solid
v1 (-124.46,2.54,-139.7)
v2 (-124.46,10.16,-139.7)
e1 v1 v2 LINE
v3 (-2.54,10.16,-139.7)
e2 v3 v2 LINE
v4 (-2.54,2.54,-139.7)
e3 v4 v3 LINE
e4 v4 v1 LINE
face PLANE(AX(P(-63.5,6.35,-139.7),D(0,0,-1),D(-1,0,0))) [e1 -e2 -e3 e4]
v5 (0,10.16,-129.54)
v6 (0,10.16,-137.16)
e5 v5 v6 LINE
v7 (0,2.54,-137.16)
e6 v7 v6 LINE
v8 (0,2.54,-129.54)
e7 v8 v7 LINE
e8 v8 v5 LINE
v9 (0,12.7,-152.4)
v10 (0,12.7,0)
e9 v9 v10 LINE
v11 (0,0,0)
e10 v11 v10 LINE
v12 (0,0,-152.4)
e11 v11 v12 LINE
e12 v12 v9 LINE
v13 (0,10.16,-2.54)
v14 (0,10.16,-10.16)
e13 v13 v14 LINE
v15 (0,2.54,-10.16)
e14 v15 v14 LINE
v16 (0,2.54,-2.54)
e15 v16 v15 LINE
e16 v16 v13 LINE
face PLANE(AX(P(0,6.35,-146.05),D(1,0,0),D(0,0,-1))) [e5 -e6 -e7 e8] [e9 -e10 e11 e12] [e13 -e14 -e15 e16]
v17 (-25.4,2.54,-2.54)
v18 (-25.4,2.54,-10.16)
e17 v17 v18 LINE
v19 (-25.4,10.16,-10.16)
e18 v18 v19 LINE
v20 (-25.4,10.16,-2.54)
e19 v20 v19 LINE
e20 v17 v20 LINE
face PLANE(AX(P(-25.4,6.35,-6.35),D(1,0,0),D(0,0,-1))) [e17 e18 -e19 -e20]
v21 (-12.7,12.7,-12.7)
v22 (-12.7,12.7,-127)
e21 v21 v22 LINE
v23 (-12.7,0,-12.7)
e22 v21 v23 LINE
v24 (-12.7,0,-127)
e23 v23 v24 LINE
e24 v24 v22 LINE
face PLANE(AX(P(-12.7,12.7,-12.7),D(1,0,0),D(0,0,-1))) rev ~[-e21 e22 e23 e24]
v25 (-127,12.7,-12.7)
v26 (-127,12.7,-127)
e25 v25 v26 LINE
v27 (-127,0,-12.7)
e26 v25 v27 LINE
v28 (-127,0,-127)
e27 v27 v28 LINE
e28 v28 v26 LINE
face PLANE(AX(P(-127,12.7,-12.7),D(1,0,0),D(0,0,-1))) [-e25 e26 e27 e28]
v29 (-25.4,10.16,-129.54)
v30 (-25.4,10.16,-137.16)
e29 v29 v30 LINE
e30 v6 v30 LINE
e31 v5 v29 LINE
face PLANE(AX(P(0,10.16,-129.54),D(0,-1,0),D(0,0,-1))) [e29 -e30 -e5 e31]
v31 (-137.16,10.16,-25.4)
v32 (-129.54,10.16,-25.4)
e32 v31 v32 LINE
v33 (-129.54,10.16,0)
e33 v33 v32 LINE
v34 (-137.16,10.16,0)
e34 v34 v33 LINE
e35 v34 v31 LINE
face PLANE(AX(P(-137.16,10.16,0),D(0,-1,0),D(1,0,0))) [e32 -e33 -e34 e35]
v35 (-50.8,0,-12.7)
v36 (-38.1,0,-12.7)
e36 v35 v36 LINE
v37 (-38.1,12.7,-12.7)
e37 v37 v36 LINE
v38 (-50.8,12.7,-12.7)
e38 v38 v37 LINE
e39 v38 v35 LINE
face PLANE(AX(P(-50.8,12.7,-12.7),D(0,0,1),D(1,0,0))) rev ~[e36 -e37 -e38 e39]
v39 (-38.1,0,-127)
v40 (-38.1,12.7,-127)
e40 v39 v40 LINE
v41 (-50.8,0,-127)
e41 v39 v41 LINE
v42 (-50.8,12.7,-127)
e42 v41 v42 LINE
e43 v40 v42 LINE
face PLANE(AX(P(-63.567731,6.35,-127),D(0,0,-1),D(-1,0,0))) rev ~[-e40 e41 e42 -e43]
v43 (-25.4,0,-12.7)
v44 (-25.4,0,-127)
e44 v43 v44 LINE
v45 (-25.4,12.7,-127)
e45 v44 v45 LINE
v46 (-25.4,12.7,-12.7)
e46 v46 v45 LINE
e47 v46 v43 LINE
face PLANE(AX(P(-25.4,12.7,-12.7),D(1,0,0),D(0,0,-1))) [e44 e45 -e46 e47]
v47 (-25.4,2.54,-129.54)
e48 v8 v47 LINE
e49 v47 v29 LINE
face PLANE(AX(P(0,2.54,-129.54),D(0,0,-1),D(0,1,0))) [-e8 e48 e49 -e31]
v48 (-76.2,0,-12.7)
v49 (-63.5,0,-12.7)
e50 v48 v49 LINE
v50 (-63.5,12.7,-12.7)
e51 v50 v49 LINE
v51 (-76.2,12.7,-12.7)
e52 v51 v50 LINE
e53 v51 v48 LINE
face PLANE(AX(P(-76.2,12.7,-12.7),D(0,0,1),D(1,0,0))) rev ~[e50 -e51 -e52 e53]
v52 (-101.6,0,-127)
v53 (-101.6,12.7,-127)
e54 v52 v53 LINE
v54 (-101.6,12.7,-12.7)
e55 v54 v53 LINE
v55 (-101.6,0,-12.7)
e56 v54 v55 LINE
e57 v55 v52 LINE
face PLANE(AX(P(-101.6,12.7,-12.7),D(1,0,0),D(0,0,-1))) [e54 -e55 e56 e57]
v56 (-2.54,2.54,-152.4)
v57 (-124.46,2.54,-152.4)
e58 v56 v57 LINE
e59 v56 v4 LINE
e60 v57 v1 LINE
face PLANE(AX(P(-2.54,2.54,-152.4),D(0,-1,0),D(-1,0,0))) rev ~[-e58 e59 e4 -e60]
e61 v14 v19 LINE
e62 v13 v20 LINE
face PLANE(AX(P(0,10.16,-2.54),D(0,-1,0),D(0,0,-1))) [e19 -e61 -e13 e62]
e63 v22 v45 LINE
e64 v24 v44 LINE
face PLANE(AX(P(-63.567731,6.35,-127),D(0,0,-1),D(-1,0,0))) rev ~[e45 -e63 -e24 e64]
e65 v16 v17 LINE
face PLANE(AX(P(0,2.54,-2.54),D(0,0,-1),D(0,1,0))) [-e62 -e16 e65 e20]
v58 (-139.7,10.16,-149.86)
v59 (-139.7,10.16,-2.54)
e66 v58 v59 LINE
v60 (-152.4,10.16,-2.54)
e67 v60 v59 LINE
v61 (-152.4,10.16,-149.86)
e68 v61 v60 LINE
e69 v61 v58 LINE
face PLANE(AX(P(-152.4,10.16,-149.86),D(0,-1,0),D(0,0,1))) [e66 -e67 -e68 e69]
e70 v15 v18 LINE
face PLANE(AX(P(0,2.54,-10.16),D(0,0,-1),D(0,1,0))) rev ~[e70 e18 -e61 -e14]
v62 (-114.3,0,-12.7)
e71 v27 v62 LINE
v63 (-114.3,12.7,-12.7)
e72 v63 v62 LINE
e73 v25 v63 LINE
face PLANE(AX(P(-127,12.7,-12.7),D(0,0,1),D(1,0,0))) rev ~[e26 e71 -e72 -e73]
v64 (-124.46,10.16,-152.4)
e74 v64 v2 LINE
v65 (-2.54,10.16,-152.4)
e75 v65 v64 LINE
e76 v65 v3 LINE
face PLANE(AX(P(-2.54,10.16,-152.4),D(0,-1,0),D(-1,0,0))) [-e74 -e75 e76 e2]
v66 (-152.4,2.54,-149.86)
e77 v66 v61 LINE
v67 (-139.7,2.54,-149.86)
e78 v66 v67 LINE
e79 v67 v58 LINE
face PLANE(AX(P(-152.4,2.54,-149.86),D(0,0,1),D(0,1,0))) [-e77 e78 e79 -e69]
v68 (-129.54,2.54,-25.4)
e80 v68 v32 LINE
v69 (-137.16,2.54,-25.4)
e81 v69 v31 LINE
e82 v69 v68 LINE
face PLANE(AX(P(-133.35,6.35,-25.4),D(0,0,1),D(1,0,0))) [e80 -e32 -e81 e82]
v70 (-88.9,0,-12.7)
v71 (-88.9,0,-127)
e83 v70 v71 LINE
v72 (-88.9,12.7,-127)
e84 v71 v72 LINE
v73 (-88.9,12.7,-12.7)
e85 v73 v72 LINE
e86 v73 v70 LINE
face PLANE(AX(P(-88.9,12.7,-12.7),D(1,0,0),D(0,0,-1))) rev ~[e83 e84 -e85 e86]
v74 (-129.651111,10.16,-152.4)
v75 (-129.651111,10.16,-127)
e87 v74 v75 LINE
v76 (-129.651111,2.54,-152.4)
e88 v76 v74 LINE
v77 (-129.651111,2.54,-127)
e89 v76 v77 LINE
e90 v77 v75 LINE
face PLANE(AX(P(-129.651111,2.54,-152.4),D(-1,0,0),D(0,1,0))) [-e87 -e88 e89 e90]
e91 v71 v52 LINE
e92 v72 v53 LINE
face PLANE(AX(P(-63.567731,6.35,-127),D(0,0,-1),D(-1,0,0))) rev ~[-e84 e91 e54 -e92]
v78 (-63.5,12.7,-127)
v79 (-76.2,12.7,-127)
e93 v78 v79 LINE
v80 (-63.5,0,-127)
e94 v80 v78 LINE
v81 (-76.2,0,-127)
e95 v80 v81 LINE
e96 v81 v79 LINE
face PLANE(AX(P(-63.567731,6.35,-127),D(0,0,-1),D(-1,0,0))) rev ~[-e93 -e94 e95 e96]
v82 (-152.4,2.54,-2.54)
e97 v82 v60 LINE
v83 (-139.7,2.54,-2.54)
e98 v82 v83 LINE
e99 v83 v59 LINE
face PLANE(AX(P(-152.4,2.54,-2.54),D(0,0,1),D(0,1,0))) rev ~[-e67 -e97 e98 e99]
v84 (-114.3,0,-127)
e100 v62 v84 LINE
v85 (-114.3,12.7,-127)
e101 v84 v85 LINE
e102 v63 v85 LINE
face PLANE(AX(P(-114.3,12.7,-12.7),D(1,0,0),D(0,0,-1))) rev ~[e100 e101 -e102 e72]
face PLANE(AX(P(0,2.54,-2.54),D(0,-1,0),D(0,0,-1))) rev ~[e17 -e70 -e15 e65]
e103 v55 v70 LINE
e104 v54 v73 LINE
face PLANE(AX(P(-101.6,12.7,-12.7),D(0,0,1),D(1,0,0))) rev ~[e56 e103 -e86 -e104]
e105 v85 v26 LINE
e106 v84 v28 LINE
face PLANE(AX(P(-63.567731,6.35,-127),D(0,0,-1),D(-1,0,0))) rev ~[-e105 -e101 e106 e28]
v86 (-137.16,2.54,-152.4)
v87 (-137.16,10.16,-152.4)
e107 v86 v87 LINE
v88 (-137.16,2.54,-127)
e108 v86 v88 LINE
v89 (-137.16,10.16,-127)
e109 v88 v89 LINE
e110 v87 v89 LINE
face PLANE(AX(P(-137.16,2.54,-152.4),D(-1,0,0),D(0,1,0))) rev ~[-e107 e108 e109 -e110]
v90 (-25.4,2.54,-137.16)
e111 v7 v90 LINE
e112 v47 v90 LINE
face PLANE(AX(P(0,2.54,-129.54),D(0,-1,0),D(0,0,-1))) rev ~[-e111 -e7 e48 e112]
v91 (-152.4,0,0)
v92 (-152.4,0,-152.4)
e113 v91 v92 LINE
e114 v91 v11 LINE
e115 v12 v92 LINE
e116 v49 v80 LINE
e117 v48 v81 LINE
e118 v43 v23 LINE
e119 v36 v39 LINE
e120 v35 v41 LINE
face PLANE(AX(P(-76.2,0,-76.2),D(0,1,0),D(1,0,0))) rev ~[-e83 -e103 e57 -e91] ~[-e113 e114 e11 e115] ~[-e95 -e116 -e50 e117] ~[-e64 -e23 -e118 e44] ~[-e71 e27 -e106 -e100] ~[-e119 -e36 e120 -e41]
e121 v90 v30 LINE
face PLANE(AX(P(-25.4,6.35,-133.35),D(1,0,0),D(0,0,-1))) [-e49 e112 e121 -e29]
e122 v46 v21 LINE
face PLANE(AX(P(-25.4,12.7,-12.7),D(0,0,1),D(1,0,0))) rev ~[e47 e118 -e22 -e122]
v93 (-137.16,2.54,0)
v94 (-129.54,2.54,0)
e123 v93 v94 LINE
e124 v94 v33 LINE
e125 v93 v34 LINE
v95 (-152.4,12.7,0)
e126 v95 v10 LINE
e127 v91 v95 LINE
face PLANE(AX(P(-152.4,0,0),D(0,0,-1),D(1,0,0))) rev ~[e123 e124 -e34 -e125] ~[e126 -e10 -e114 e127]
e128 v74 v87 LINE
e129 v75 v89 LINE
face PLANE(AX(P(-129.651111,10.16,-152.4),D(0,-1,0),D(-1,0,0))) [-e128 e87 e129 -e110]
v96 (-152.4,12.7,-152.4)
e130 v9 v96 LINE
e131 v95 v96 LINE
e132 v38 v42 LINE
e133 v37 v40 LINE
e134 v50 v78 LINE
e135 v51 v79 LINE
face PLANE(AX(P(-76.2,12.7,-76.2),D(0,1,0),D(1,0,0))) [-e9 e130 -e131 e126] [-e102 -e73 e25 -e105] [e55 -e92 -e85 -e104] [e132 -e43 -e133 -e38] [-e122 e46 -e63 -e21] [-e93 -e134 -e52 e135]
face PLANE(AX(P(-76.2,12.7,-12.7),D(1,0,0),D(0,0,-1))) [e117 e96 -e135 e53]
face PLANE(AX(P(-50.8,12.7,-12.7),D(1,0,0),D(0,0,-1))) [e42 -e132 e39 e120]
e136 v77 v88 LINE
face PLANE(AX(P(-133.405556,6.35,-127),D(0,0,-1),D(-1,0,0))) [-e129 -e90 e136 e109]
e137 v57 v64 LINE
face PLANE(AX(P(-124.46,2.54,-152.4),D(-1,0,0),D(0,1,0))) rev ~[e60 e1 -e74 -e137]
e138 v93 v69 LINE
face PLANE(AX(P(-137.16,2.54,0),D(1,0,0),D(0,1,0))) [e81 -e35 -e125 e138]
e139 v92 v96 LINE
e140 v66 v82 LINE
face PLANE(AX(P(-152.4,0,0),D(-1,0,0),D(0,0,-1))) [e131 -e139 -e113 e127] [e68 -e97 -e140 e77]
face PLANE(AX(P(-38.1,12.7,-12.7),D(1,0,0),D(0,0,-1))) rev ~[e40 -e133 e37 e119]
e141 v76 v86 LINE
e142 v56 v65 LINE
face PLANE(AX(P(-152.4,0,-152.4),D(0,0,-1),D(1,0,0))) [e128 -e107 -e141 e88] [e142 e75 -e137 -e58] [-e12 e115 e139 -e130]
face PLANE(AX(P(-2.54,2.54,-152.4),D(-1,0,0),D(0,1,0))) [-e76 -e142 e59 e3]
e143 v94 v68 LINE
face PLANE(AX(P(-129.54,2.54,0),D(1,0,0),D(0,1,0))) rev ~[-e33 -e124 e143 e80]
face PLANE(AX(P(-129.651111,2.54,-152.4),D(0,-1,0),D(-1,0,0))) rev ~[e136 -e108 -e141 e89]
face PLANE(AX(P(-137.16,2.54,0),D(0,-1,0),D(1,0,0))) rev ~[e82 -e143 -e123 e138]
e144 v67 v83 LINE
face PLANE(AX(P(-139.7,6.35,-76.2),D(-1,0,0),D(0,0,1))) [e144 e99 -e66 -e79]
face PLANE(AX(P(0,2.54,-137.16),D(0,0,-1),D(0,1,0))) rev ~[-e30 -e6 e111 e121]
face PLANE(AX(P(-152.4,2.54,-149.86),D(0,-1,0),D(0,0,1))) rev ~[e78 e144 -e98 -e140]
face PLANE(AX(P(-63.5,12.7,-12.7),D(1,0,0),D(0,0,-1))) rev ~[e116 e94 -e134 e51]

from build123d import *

# Parameters (mm, degrees)
SKETCH3_W           = 152.4
SKETCH3_H           = 152.4
BOSS_EXTRUDE1_DEPTH = 12.7
SKETCH5_W           = 147.32
SKETCH5_H           = 7.62
CUT_EXTRUDE1_DEPTH  = 12.7
SKETCH6_W           = 12.7
SKETCH6_H           = 127
CUT_EXTRUDE3_DEPTH  = 12.7
SKETCH8_W           = 7.62
SKETCH8_H           = 7.62
CUT_EXTRUDE4_DEPTH  = 25.4
SKETCH9_W           = 7.62
SKETCH9_H           = 7.62
CUT_EXTRUDE5_DEPTH  = 25.4
SKETCH10_W          = 7.508888552
SKETCH10_H          = 7.62
CUT_EXTRUDE6_DEPTH  = 25.4
SKETCH11_W          = 7.62
SKETCH11_H          = 7.62
BOSS_EXTRUDE2_DEPTH = 25.4
SKETCH12_W          = 127.135461675
SKETCH12_H          = 12.7
BOSS_EXTRUDE3_DEPTH = 25.4
SKETCH14_W          = 121.92
SKETCH14_H          = 7.62
CUT_EXTRUDE7_DEPTH  = 12.7
SKETCH15_W          = 7.62
SKETCH15_H          = 7.62
CUT_EXTRUDE9_DEPTH  = 25.4


with BuildPart() as part:
    # Sketch3 → Boss-Extrude1 (new body)
    with BuildSketch(Plane(origin=(0, 0, 0), x_dir=(1, 0, 0), z_dir=(0, 1, 0))):
        with Locations((-76.2, 76.2)):
            Rectangle(SKETCH3_W, SKETCH3_H)
    extrude(amount=BOSS_EXTRUDE1_DEPTH)

    # Sketch5 → Cut-Extrude1 (cut)
    with BuildSketch(Plane.ZY.offset(152.4)):
        with Locations((-76.2, 6.35)):
            Rectangle(SKETCH5_W, SKETCH5_H)
    extrude(amount=-CUT_EXTRUDE1_DEPTH, mode=Mode.SUBTRACT)

    # Sketch6 → Cut-Extrude3 (cut)
    with BuildSketch(Plane(origin=(0, 12.7, 0), x_dir=(1, 0, 0), z_dir=(0, 1, 0))):
        with Locations((-120.65, 76.2)):
            Rectangle(SKETCH6_W, SKETCH6_H)
        with Locations((-95.25, 76.2)):
            Rectangle(SKETCH6_W, SKETCH6_H)
        with Locations((-69.85, 76.2)):
            Rectangle(SKETCH6_W, SKETCH6_H)
        with Locations((-44.45, 76.2)):
            Rectangle(SKETCH6_W, SKETCH6_H)
        with Locations((-19.05, 76.2)):
            Rectangle(SKETCH6_W, SKETCH6_H)
    extrude(amount=-CUT_EXTRUDE3_DEPTH, mode=Mode.SUBTRACT)

    # Sketch8 → Cut-Extrude4 (cut)
    with BuildSketch(Plane(origin=(0, 0, 0), x_dir=(0, 0, -1), z_dir=(1, 0, 0))):
        with Locations((146.05, 6.35)):
            Rectangle(SKETCH8_W, SKETCH8_H)
        with Locations((6.35, 6.35)):
            Rectangle(SKETCH8_W, SKETCH8_H)
    extrude(amount=-CUT_EXTRUDE4_DEPTH, mode=Mode.SUBTRACT)

    # Sketch9 → Cut-Extrude5 (cut)
    with BuildSketch(Plane.XY):
        with Locations((-133.35, 6.35)):
            Rectangle(SKETCH9_W, SKETCH9_H)
    extrude(amount=-CUT_EXTRUDE5_DEPTH, mode=Mode.SUBTRACT)

    # Sketch10 → Cut-Extrude6 (cut)
    with BuildSketch(Plane(origin=(0, 0, -152.4), x_dir=(-1, 0, 0), z_dir=(0, 0, -1))):
        with Locations((133.405555724, 6.35)):
            Rectangle(SKETCH10_W, SKETCH10_H)
    extrude(amount=-CUT_EXTRUDE6_DEPTH, mode=Mode.SUBTRACT)

    # Sketch11 → Boss-Extrude2 (add)
    with BuildSketch(Plane(origin=(-25.4, 0, 0), x_dir=(0, 0, -1), z_dir=(1, 0, 0))):
        with Locations((146.05, 6.35)):
            Rectangle(SKETCH11_W, SKETCH11_H)
    extrude(amount=BOSS_EXTRUDE2_DEPTH)

    # Sketch12 → Boss-Extrude3 (add)
    with BuildSketch(Plane(origin=(0, 0, -152.4), x_dir=(-1, 0, 0), z_dir=(0, 0, -1))):
        with Locations((63.567730838, 6.35)):
            Rectangle(SKETCH12_W, SKETCH12_H)
    extrude(amount=-BOSS_EXTRUDE3_DEPTH)

    # Sketch14 → Cut-Extrude7 (cut)
    with BuildSketch(Plane(origin=(0, 0, -152.4), x_dir=(-1, 0, 0), z_dir=(0, 0, -1))):
        with Locations((63.5, 6.35)):
            Rectangle(SKETCH14_W, SKETCH14_H)
    extrude(amount=-CUT_EXTRUDE7_DEPTH, mode=Mode.SUBTRACT)

    # Sketch15 → Cut-Extrude9 (cut)
    with BuildSketch(Plane(origin=(0, 0, 0), x_dir=(0, 0, -1), z_dir=(1, 0, 0))):
        with Locations((133.35, 6.35)):
            Rectangle(SKETCH15_W, SKETCH15_H)
    extrude(amount=-CUT_EXTRUDE9_DEPTH, mode=Mode.SUBTRACT)


solid = part.part
